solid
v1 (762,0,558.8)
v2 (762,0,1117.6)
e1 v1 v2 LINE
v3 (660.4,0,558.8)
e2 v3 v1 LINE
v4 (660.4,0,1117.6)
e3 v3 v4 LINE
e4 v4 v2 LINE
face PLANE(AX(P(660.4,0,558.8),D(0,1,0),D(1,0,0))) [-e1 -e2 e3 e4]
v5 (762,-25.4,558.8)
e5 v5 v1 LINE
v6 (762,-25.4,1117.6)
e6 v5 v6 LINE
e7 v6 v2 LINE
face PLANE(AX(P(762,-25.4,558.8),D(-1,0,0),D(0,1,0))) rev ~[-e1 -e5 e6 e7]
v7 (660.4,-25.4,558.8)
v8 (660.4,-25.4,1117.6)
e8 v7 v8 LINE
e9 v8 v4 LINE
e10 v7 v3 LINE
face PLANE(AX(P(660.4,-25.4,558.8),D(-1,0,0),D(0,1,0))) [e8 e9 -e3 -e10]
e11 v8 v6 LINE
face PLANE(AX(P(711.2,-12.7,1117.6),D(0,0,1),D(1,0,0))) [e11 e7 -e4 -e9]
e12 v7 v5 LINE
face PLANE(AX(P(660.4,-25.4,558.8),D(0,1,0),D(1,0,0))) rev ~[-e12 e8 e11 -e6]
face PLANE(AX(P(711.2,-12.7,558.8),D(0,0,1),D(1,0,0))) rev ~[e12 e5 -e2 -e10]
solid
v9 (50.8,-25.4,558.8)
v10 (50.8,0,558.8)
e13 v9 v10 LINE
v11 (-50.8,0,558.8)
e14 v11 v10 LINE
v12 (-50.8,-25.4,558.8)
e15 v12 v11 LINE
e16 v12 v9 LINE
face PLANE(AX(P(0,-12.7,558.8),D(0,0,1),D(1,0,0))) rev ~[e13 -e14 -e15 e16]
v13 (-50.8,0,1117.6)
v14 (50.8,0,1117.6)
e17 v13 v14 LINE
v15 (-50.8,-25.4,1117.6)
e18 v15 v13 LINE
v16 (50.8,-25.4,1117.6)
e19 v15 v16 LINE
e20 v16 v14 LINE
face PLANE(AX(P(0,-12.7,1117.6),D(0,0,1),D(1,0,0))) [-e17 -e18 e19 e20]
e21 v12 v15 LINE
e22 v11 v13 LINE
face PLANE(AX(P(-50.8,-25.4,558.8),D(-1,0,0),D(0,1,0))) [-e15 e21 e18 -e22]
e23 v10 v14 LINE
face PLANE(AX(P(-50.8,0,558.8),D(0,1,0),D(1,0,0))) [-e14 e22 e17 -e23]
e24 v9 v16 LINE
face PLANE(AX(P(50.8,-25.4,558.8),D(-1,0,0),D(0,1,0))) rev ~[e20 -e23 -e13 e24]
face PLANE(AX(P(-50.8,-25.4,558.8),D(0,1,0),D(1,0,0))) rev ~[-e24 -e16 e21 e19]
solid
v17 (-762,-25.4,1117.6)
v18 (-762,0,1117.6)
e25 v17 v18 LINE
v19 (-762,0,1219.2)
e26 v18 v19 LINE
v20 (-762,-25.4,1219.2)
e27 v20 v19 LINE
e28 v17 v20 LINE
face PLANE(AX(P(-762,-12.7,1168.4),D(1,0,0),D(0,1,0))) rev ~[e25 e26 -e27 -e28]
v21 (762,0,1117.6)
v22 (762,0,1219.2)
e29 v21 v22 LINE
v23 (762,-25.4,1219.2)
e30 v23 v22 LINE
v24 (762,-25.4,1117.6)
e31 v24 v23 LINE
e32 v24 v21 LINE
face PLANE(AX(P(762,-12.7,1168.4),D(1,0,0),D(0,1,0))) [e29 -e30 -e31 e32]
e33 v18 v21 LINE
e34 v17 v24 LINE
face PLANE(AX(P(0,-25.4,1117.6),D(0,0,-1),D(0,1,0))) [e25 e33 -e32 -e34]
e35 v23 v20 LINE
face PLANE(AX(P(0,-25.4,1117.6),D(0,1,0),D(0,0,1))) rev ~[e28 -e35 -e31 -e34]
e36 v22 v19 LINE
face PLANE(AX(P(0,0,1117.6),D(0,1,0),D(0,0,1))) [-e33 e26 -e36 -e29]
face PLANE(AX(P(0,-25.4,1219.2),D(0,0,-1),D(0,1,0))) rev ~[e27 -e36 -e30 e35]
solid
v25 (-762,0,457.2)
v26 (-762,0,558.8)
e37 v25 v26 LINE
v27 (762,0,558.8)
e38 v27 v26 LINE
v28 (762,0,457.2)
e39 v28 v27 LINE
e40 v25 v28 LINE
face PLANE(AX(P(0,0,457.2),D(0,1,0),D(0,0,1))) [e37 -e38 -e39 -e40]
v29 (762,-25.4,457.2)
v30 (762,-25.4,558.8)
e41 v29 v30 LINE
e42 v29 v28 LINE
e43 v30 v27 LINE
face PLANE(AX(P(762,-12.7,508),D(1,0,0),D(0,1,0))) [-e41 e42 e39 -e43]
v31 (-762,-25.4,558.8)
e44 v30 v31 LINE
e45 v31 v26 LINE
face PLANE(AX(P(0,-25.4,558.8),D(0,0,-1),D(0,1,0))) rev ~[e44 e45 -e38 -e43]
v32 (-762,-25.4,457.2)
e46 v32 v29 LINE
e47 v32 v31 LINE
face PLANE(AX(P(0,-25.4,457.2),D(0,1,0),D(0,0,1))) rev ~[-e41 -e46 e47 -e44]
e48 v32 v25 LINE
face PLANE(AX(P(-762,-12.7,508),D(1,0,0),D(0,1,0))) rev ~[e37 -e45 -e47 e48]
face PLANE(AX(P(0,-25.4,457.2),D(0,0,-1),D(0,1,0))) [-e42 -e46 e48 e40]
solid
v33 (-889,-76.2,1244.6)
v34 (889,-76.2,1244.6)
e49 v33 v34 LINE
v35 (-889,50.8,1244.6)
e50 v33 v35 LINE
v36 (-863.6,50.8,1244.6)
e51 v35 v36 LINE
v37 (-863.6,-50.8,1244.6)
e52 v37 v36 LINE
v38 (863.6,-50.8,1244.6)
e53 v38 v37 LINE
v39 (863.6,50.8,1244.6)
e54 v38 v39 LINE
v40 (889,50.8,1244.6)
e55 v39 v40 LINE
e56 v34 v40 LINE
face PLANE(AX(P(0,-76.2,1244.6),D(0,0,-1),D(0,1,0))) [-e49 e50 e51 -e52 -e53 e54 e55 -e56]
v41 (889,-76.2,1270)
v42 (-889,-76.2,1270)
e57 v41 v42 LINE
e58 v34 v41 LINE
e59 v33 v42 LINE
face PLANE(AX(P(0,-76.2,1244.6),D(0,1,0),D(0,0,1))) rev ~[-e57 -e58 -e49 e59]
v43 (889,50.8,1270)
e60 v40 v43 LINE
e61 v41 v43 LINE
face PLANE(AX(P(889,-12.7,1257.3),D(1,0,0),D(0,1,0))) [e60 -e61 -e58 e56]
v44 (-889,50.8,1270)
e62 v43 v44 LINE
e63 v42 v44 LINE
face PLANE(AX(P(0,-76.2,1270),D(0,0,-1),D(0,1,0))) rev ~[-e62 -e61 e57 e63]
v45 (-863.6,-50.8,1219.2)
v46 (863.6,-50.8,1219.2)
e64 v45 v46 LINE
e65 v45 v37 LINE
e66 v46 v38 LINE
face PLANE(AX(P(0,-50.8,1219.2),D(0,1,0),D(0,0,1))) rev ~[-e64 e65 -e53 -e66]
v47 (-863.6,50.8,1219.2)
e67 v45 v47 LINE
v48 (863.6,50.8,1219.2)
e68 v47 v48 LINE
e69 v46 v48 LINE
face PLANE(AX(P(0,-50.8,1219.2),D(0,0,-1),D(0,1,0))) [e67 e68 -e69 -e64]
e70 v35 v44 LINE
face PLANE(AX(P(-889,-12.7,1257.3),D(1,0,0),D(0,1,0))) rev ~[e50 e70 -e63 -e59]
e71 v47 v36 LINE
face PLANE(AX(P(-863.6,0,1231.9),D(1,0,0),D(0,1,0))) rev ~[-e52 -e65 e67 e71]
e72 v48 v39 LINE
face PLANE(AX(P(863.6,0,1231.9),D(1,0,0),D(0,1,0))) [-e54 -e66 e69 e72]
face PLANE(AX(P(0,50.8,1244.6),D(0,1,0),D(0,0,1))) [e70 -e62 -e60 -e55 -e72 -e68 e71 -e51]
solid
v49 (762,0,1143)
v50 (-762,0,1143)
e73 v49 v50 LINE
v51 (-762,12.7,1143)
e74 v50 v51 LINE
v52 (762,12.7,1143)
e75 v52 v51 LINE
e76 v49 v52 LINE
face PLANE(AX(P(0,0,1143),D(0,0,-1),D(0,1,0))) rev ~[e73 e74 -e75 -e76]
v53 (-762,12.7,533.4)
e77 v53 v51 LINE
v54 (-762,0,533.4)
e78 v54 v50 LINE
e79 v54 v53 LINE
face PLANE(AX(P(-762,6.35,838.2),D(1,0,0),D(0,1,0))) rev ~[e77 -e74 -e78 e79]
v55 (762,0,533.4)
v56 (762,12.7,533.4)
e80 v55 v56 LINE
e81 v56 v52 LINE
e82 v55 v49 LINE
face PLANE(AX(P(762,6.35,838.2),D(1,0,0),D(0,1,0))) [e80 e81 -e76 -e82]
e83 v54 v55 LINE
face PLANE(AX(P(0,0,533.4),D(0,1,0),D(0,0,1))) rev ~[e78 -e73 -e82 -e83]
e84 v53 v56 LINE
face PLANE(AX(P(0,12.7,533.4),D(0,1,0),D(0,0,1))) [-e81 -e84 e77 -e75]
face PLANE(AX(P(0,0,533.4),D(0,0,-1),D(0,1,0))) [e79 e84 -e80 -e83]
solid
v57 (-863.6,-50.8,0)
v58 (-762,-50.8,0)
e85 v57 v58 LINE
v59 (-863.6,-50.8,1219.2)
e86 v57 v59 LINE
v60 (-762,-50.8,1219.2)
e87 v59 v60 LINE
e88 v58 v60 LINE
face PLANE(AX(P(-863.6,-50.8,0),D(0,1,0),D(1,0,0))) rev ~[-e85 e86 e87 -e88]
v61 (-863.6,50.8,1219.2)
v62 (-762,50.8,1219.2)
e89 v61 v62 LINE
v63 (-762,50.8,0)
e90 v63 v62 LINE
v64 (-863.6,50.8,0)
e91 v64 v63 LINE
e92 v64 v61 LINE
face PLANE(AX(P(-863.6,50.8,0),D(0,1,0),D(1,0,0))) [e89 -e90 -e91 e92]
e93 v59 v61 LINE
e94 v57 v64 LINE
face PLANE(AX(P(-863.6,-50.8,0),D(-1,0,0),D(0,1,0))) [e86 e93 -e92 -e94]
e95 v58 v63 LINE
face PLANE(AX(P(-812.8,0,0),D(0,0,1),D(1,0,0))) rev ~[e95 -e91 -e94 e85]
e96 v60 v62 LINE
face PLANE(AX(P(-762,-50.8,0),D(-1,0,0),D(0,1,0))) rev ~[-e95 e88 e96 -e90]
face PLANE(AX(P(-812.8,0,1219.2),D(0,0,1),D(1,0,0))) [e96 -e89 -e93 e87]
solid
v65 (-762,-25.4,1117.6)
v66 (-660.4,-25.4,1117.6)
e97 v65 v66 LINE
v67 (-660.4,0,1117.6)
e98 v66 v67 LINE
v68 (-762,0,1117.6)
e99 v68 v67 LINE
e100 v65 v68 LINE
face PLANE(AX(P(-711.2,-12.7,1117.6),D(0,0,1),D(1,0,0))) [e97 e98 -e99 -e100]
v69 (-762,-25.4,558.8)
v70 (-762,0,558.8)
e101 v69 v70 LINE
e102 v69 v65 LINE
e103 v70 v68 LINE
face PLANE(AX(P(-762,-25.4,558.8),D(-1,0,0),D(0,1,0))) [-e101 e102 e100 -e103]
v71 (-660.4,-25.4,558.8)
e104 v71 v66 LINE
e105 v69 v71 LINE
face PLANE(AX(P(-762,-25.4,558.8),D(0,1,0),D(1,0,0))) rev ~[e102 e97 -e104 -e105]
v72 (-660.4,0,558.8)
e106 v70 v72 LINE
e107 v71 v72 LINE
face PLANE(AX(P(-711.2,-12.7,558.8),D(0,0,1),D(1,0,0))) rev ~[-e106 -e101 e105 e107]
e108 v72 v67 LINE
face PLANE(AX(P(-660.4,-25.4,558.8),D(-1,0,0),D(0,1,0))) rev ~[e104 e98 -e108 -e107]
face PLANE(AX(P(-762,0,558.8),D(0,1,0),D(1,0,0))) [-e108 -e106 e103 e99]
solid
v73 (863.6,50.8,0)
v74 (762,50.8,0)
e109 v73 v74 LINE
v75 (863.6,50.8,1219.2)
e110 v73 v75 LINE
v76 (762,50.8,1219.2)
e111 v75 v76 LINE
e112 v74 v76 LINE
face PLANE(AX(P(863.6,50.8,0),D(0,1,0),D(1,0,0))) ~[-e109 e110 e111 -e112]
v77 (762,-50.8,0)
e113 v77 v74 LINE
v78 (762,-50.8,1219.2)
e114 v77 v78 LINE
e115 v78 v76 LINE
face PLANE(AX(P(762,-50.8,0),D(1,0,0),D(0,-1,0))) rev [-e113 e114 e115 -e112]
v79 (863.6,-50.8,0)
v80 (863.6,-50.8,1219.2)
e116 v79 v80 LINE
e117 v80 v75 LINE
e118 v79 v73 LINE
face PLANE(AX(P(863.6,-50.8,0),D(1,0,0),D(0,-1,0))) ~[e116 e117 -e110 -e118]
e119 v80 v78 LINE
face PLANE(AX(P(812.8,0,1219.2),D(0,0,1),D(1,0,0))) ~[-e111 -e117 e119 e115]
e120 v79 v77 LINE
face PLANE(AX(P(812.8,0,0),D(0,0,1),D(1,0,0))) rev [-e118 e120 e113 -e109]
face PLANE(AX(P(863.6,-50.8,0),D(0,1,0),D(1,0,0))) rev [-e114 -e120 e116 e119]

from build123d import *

# Parameters (mm, degrees)
F0_W      = 101.6
F0_H      = 101.6
F1_DEPTH  = 1219.2
F3_W      = 25.4
F3_H      = 101.6
F4_DEPTH  = 762
F5_W      = 25.4
F5_H      = 101.6
F6_DEPTH  = 762
F7_W      = 12.7
F7_H      = 609.6
F8_DEPTH  = 762
F9_W      = 101.6
F9_H      = 25.4
F10_DEPTH = 558.8
F11_W     = 101.6
F11_H     = 25.4
F12_DEPTH = 863.6
F13_W     = 127
F13_H     = 25.4
F14_DEPTH = 889


with BuildPart() as f1:
    # F0 (on Top) → F1 (new body)
    with BuildSketch(Plane.XY):
        with Locations((-812.8, 0)):
            Rectangle(F0_W, F0_H)
    extrude(amount=F1_DEPTH)


with BuildPart() as f2_1:
    # F2: instance of F1
    add(f1.part.mirror(Plane.YZ))


with BuildPart() as f4:
    # F3 (on Right) → F4 (new body, symmetric)
    with BuildSketch(Plane.YZ):
        with Locations((-12.7, 1168.4)):
            Rectangle(F3_W, F3_H)
    extrude(amount=F4_DEPTH, both=True)


with BuildPart() as f6:
    # F5 (on Right) → F6 (new body, symmetric)
    with BuildSketch(Plane.YZ):
        with Locations((-12.7, 508)):
            Rectangle(F5_W, F5_H)
    extrude(amount=F6_DEPTH, both=True)


with BuildPart() as f8:
    # F7 (on Right) → F8 (new body, symmetric)
    with BuildSketch(Plane.YZ):
        with Locations((6.35, 838.2)):
            Rectangle(F7_W, F7_H)
    extrude(amount=F8_DEPTH, both=True)


with BuildPart() as f10:
    # F9 (on face) → F10 (new body)
    with BuildSketch(Plane.XY.offset(558.8)):
        with Locations((-711.2, -12.7)):
            Rectangle(F9_W, F9_H)
        with Locations((711.2, -12.7)):
            Rectangle(F9_W, F9_H)
        with Locations((0, -12.7)):
            Rectangle(F9_W, F9_H)
    extrude(amount=F10_DEPTH)


with BuildPart() as f12:
    # F11 (on Right) → F12 (new body, symmetric)
    with BuildSketch(Plane.YZ):
        with Locations((0, 1231.9)):
            Rectangle(F11_W, F11_H)
    extrude(amount=F12_DEPTH, both=True)

    # F13 (on Right) → F14 (join, symmetric)
    with BuildSketch(Plane.YZ):
        with Locations((-12.7, 1257.3)):
            Rectangle(F13_W, F13_H)
    extrude(amount=F14_DEPTH, both=True)


solid = Compound([f1.part, f2_1.part, f4.part, f6.part, f8.part, f10.part, f12.part])
